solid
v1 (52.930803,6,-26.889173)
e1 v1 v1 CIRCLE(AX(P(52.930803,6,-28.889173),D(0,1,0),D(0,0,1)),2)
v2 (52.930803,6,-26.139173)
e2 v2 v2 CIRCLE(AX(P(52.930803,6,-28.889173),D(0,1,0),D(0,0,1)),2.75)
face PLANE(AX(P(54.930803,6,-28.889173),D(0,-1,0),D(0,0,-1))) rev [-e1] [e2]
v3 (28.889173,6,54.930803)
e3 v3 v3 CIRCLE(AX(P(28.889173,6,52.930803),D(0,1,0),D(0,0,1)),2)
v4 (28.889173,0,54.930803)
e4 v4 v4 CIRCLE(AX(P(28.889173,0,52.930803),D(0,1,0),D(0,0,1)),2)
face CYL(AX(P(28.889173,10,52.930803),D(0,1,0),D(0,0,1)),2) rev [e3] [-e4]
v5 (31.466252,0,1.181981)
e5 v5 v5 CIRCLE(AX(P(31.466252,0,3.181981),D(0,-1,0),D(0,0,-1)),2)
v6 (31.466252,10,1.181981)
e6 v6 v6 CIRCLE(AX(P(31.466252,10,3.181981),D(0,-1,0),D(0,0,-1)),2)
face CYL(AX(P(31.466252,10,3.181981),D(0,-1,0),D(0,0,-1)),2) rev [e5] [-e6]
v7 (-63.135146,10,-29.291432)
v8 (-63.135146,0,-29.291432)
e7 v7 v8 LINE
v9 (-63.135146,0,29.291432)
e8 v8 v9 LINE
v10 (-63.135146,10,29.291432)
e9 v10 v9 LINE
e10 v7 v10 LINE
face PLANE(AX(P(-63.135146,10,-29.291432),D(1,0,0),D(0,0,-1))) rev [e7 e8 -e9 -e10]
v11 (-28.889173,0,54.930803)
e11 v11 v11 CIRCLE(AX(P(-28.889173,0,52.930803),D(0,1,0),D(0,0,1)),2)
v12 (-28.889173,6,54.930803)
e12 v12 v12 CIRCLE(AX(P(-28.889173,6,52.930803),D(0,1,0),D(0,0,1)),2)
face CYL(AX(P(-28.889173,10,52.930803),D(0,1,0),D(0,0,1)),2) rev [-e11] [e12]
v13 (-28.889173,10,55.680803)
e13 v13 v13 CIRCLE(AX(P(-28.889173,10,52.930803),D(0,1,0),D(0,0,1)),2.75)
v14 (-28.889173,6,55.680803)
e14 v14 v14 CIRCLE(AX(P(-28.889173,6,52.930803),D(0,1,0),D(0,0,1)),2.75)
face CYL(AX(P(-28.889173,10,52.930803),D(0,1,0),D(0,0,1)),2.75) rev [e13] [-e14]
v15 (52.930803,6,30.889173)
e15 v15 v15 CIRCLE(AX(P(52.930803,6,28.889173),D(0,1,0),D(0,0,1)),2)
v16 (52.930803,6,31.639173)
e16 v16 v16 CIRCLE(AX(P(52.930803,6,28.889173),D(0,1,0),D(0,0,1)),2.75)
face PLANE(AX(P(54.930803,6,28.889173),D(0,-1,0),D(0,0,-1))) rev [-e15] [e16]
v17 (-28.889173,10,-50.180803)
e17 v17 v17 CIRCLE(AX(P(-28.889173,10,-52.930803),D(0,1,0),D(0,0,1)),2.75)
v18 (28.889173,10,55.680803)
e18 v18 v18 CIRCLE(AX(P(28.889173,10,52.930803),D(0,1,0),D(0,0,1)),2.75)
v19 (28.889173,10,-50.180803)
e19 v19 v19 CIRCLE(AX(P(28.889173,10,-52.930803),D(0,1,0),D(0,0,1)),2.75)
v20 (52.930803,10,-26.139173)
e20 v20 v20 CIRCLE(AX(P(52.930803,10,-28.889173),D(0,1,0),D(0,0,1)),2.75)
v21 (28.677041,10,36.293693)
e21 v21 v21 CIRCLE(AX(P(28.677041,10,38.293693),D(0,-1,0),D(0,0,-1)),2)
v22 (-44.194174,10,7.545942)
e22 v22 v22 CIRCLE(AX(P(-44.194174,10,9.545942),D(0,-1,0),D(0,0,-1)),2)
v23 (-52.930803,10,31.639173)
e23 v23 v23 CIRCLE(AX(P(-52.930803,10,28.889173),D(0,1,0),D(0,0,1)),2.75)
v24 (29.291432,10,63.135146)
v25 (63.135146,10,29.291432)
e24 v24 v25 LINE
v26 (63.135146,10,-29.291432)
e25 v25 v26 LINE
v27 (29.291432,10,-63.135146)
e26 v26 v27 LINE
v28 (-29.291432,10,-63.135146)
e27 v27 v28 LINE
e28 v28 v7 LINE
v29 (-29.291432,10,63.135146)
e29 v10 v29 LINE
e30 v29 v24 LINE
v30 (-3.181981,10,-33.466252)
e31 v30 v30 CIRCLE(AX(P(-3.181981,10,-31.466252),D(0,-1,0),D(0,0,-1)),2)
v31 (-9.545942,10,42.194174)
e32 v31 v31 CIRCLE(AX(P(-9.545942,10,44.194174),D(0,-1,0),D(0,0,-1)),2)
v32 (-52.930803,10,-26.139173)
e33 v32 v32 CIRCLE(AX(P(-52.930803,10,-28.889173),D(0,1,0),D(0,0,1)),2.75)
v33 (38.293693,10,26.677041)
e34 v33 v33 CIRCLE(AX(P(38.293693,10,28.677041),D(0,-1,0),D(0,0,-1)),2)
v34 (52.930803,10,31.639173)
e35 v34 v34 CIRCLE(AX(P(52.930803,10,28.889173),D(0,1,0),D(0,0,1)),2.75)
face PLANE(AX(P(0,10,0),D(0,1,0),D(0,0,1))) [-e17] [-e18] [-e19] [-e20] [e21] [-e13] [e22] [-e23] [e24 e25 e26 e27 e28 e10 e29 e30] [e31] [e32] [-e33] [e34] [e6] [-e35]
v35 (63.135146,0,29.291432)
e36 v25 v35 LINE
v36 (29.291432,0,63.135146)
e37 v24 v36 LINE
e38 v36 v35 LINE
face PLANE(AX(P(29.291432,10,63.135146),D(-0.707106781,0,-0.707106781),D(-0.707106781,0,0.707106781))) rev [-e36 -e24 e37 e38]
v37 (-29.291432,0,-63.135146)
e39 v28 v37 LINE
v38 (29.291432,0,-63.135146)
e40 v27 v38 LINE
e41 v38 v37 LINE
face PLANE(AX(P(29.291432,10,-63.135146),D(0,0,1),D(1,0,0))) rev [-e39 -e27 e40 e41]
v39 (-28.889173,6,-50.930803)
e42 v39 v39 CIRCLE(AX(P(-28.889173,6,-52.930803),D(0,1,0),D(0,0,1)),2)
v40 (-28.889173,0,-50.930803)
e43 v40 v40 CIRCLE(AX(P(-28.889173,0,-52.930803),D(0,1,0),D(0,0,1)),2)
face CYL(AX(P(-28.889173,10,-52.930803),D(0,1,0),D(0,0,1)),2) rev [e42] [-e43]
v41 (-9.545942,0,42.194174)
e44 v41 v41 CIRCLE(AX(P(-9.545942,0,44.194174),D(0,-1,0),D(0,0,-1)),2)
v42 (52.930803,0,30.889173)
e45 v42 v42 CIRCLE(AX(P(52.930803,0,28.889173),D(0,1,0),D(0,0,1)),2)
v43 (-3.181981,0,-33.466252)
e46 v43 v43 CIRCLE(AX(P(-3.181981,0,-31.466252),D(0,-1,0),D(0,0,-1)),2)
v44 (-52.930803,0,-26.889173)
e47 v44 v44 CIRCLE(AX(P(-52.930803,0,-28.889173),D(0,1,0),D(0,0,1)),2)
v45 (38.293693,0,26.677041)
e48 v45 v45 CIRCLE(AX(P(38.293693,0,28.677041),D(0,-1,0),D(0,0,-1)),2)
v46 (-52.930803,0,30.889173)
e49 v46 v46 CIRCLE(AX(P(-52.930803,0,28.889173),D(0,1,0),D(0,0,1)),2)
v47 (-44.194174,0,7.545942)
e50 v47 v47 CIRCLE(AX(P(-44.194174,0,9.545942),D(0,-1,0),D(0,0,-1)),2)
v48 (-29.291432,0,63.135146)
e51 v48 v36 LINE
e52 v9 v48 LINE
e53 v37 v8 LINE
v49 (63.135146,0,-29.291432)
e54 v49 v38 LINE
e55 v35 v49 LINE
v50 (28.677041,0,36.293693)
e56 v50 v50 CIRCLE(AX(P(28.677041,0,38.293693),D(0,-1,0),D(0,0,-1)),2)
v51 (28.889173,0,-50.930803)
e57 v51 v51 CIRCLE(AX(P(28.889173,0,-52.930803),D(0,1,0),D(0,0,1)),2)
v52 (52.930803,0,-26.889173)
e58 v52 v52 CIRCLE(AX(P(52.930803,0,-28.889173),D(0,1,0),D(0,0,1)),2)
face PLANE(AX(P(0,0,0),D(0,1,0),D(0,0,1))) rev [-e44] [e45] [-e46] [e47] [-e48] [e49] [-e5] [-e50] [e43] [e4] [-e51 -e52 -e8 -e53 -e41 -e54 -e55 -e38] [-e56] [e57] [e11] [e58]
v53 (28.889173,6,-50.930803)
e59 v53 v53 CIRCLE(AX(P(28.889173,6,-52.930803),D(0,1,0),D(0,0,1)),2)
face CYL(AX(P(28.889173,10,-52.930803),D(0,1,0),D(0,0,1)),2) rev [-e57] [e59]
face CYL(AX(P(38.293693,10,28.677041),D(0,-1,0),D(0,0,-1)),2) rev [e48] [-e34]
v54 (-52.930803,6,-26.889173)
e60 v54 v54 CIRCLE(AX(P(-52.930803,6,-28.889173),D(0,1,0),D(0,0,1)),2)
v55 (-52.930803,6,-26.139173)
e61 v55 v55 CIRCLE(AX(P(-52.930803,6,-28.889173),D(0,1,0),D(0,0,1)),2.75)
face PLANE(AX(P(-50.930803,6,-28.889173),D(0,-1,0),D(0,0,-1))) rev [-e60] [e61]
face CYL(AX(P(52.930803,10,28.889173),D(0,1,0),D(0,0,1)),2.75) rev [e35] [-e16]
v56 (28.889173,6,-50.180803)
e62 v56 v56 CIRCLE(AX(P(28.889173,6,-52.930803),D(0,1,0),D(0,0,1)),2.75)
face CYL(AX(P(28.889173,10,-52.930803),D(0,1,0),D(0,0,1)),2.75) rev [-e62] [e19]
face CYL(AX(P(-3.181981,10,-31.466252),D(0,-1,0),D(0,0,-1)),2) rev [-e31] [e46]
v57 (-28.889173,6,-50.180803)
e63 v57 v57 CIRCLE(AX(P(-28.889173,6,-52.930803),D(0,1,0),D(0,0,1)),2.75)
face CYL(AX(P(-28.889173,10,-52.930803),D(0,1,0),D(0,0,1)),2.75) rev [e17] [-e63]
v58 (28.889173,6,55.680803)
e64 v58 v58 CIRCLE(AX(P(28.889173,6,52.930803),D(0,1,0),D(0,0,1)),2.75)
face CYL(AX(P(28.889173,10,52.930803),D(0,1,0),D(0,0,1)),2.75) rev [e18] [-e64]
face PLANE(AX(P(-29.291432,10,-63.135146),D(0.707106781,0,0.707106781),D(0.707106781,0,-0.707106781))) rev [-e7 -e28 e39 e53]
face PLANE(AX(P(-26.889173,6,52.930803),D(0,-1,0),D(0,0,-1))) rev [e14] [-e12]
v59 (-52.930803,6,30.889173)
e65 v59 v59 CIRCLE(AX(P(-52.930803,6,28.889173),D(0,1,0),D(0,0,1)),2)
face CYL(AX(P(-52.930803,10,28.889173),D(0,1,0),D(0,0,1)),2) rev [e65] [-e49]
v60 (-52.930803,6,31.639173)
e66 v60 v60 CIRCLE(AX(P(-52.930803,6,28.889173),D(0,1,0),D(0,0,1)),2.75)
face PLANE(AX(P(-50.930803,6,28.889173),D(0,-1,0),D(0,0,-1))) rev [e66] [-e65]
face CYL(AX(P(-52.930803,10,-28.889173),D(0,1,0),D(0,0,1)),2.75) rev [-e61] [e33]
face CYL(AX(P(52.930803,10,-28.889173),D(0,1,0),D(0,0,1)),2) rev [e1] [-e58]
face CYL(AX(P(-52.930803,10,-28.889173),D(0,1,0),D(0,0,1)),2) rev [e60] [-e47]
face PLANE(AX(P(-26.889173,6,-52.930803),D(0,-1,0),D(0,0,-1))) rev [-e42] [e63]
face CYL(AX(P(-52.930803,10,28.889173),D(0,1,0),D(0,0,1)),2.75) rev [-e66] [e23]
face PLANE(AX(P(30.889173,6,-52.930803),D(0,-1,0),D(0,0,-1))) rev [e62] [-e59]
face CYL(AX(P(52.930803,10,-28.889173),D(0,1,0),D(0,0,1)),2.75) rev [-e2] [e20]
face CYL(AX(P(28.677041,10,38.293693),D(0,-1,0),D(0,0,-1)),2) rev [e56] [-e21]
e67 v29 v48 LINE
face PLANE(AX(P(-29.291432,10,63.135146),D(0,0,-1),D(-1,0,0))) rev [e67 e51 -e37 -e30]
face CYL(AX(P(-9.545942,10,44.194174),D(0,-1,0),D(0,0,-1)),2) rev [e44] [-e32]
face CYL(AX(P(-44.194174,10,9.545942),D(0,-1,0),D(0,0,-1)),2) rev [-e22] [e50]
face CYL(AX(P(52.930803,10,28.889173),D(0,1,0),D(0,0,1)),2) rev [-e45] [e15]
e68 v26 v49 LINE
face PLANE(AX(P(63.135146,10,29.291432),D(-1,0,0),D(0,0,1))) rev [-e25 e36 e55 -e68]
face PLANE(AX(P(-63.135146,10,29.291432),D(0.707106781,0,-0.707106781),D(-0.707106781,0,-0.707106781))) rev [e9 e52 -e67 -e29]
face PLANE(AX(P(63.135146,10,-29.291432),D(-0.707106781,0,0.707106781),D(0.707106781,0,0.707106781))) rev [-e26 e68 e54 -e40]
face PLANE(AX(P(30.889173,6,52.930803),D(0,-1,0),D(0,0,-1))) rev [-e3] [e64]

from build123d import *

# Parameters (mm, degrees)
BOSS_EXTRU_1_DEPTH                                   = 10
CHAMBRAGE_POUR_T_TE_CYLINDRIQUE_FENDUE_M_D           = 4
CHAMBRAGE_POUR_T_TE_CYLINDRIQUE_FENDUE_M_CBORE_D     = 5.5
CHAMBRAGE_POUR_T_TE_CYLINDRIQUE_FENDUE_M_CBORE_DEPTH = 4
ESQUISSE6_R                                          = 2
ENL_V_MAT_EXTRU_1_DEPTH                              = 90.844829046


with BuildPart() as part:
    # Esquisse1 → Boss.-Extru.1 (new body)
    with BuildSketch(Plane(origin=(0, 0, 0), x_dir=(1, 0, 0), z_dir=(0, 1, 0))):
        Polygon((63.135145942, -29.291431628), (63.135145942, 29.291431628), (29.291431628, 63.135145942), (-29.291431628, 63.135145942), (-63.135145942, 29.291431628), (-63.135145942, -29.291431628), (-29.291431628, -63.135145942), (29.291431628, -63.135145942), align=None)
    extrude(amount=BOSS_EXTRU_1_DEPTH)

    # Chambrage pour tête cylindrique fendue M31 (through all)
    with Locations(Plane(origin=(-28.889172646, 10, -52.930803206), x_dir=(0, 0, 1), z_dir=(0, 1, 0))):
        with Locations((0, 0), (24.04163056, -24.04163056), (81.819975852, -24.04163056), (105.861606412, 0), (105.861606412, 57.778345292), (81.819975852, 81.819975852), (24.04163056, 81.819975852), (0, 57.778345292)):
            CounterBoreHole(CHAMBRAGE_POUR_T_TE_CYLINDRIQUE_FENDUE_M_D / 2, CHAMBRAGE_POUR_T_TE_CYLINDRIQUE_FENDUE_M_CBORE_D / 2, CHAMBRAGE_POUR_T_TE_CYLINDRIQUE_FENDUE_M_CBORE_DEPTH)

    # Esquisse6 → Enlèv. mat.-Extru.1 (cut, through all)
    with BuildSketch(Plane.XZ):
        with Locations(Location((-44.194173824, 9.545941546, 0), (0, 0, 270))):
            Circle(ESQUISSE6_R)
        with Locations(Location((-9.545941546, 44.194173824, 0), (0, 0, 270))):
            Circle(ESQUISSE6_R)
        with Locations(Location((-3.181980515, -31.466251763, 0), (0, 0, 270))):
            Circle(ESQUISSE6_R)
        with Locations(Location((31.466251763, 3.181980515, 0), (0, 0, 270))):
            Circle(ESQUISSE6_R)
        with Locations(Location((28.677040611, 38.293692836, 0), (0, 0, 270))):
            Circle(ESQUISSE6_R)
        with Locations(Location((38.293692836, 28.677040611, 0), (0, 0, 270))):
            Circle(ESQUISSE6_R)
    extrude(amount=-ENL_V_MAT_EXTRU_1_DEPTH, mode=Mode.SUBTRACT)


solid = part.part
